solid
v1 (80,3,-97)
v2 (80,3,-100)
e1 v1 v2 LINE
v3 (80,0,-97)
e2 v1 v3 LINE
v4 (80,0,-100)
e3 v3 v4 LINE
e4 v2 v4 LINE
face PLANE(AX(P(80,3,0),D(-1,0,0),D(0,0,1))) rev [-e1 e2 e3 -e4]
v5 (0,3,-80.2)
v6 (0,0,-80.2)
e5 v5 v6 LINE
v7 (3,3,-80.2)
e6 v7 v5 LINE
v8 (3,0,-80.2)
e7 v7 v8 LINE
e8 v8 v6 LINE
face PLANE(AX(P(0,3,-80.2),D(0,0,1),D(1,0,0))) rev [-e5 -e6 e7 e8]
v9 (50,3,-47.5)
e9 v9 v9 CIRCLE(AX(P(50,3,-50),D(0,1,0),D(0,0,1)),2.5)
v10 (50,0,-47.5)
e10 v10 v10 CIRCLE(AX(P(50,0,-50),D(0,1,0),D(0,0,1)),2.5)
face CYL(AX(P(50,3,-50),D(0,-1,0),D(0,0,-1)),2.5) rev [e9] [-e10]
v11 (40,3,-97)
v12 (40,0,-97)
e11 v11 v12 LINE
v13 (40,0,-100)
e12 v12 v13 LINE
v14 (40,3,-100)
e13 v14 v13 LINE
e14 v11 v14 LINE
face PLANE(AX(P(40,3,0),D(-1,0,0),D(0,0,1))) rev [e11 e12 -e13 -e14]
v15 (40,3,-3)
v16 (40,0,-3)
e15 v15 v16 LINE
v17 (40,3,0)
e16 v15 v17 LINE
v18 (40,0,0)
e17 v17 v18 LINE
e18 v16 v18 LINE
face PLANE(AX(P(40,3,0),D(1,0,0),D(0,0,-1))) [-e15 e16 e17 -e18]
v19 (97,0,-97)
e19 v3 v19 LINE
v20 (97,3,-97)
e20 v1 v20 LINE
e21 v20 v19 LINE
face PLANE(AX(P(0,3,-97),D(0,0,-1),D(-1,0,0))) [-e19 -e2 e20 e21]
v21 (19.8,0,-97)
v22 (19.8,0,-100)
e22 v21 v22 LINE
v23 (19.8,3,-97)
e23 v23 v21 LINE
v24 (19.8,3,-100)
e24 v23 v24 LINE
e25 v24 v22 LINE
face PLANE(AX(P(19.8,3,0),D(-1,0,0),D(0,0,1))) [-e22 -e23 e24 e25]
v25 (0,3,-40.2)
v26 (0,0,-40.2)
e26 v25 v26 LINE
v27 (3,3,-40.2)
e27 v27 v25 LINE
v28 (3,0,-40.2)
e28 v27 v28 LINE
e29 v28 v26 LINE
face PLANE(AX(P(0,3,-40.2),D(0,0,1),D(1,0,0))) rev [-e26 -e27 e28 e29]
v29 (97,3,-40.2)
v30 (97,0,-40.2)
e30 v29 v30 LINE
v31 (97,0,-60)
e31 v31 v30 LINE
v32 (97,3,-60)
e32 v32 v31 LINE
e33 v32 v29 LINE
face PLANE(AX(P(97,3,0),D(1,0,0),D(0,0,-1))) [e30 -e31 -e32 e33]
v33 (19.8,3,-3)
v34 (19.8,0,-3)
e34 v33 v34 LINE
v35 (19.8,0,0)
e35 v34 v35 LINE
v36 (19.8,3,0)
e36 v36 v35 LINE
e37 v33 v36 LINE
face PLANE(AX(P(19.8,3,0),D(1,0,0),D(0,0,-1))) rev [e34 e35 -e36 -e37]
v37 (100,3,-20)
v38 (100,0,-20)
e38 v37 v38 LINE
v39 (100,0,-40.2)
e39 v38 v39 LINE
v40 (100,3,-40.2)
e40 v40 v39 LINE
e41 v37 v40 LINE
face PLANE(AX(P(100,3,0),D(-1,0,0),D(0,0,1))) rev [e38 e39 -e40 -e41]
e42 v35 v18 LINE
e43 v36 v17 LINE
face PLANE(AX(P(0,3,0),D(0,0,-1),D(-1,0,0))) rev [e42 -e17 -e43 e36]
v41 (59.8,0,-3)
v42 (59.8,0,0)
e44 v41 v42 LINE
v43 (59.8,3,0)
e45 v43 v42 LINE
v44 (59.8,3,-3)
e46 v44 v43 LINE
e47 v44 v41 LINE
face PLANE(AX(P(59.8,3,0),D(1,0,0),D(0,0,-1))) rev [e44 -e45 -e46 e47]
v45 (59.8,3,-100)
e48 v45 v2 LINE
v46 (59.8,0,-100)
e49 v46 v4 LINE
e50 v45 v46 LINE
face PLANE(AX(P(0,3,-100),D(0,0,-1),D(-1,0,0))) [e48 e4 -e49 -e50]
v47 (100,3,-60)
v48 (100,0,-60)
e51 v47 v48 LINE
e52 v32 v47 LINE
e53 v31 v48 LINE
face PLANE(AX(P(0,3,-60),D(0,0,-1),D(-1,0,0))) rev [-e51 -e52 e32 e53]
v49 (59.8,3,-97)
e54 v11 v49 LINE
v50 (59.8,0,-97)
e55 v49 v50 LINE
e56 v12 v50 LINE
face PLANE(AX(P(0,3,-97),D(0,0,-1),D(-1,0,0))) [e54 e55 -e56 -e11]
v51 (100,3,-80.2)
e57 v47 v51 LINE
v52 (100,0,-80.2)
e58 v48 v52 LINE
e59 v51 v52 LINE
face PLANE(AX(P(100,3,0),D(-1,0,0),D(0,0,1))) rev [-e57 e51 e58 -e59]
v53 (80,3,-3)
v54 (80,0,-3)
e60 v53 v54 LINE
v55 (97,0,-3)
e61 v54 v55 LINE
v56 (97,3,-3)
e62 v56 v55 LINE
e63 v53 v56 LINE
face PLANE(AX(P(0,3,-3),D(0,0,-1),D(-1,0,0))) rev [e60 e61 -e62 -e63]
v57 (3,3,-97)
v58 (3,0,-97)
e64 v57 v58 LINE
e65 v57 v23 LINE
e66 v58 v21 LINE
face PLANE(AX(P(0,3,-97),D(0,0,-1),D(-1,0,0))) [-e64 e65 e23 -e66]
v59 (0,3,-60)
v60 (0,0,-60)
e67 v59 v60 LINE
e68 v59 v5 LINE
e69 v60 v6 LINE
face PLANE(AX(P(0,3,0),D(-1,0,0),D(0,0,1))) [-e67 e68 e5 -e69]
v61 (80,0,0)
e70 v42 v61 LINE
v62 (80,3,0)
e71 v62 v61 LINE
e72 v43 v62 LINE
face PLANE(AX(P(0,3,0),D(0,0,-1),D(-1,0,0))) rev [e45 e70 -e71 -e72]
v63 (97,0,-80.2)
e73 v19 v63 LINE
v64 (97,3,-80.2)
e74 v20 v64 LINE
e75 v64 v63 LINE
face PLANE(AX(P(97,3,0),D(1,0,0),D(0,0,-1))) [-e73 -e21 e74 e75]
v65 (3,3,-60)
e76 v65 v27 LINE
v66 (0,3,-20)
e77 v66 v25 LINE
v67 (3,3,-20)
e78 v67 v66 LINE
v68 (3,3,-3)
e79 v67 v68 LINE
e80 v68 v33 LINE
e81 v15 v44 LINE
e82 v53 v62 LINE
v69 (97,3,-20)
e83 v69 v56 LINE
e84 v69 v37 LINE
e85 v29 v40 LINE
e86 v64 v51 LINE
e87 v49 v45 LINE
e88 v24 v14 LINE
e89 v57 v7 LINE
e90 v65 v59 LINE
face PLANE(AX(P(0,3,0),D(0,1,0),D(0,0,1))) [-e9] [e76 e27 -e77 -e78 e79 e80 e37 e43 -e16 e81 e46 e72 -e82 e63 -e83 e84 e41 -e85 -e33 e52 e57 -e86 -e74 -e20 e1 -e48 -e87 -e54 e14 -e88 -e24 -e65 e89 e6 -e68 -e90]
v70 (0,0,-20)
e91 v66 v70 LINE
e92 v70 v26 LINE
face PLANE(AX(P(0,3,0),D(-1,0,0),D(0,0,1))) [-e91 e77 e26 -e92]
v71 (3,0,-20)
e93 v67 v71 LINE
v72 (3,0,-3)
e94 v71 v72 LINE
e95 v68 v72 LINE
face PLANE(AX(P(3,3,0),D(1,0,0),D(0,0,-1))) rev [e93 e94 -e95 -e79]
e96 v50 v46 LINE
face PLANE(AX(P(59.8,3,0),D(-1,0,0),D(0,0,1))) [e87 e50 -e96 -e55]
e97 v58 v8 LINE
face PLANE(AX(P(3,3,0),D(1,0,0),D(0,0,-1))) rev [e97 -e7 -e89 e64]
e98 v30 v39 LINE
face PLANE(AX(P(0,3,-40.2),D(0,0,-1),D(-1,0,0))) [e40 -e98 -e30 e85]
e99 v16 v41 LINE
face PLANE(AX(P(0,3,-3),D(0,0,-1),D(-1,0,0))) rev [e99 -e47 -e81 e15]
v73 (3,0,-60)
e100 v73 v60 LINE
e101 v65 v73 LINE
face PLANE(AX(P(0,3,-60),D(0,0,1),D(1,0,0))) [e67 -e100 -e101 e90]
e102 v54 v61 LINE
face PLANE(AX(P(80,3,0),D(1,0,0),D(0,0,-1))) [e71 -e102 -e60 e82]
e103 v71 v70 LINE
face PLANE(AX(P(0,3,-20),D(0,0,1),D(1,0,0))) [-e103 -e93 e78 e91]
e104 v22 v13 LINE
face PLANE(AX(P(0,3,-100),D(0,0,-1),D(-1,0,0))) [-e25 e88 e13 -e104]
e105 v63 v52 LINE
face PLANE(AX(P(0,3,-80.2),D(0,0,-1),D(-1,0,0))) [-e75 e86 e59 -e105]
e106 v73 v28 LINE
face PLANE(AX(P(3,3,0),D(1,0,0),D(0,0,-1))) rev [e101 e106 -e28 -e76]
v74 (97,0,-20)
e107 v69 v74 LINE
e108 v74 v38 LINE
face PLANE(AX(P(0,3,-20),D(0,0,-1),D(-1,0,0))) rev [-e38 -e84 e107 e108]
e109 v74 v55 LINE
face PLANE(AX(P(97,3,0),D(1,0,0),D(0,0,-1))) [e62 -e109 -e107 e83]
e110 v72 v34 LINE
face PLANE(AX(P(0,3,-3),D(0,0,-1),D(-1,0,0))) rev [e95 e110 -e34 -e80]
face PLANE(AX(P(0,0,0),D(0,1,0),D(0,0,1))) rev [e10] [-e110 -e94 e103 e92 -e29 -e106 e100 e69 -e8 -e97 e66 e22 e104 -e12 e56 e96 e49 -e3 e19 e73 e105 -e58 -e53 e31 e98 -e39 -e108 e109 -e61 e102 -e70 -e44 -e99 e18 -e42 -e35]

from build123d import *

# Parameters (mm, degrees)
SKETCH1_R           = 2.5
BOSS_EXTRUDE1_DEPTH = 3


with BuildPart() as part:
    # Sketch1 → Boss-Extrude1 (new body)
    with BuildSketch(Plane(origin=(0, 0, 0), x_dir=(1, 0, 0), z_dir=(0, 1, 0))):
        Polygon((59.8, 97), (40, 97), (40, 100), (19.8, 100), (19.8, 97), (3, 97), (3, 80.2), (0, 80.2), (0, 60), (3, 60), (3, 40.2), (0, 40.2), (0, 20), (3, 20), (3, 3), (19.8, 3), (19.8, 0), (40, 0), (40, 3), (59.8, 3), (59.8, 0), (80, 0), (80, 3), (97, 3), (97, 20), (100, 20), (100, 40.2), (97, 40.2), (97, 60), (100, 60), (100, 80.2), (97, 80.2), (97, 97), (80, 97), (80, 100), (59.8, 100), align=None)
        with Locations((50, 50)):
            Circle(SKETCH1_R, mode=Mode.SUBTRACT)
    extrude(amount=BOSS_EXTRUDE1_DEPTH)


solid = part.part
